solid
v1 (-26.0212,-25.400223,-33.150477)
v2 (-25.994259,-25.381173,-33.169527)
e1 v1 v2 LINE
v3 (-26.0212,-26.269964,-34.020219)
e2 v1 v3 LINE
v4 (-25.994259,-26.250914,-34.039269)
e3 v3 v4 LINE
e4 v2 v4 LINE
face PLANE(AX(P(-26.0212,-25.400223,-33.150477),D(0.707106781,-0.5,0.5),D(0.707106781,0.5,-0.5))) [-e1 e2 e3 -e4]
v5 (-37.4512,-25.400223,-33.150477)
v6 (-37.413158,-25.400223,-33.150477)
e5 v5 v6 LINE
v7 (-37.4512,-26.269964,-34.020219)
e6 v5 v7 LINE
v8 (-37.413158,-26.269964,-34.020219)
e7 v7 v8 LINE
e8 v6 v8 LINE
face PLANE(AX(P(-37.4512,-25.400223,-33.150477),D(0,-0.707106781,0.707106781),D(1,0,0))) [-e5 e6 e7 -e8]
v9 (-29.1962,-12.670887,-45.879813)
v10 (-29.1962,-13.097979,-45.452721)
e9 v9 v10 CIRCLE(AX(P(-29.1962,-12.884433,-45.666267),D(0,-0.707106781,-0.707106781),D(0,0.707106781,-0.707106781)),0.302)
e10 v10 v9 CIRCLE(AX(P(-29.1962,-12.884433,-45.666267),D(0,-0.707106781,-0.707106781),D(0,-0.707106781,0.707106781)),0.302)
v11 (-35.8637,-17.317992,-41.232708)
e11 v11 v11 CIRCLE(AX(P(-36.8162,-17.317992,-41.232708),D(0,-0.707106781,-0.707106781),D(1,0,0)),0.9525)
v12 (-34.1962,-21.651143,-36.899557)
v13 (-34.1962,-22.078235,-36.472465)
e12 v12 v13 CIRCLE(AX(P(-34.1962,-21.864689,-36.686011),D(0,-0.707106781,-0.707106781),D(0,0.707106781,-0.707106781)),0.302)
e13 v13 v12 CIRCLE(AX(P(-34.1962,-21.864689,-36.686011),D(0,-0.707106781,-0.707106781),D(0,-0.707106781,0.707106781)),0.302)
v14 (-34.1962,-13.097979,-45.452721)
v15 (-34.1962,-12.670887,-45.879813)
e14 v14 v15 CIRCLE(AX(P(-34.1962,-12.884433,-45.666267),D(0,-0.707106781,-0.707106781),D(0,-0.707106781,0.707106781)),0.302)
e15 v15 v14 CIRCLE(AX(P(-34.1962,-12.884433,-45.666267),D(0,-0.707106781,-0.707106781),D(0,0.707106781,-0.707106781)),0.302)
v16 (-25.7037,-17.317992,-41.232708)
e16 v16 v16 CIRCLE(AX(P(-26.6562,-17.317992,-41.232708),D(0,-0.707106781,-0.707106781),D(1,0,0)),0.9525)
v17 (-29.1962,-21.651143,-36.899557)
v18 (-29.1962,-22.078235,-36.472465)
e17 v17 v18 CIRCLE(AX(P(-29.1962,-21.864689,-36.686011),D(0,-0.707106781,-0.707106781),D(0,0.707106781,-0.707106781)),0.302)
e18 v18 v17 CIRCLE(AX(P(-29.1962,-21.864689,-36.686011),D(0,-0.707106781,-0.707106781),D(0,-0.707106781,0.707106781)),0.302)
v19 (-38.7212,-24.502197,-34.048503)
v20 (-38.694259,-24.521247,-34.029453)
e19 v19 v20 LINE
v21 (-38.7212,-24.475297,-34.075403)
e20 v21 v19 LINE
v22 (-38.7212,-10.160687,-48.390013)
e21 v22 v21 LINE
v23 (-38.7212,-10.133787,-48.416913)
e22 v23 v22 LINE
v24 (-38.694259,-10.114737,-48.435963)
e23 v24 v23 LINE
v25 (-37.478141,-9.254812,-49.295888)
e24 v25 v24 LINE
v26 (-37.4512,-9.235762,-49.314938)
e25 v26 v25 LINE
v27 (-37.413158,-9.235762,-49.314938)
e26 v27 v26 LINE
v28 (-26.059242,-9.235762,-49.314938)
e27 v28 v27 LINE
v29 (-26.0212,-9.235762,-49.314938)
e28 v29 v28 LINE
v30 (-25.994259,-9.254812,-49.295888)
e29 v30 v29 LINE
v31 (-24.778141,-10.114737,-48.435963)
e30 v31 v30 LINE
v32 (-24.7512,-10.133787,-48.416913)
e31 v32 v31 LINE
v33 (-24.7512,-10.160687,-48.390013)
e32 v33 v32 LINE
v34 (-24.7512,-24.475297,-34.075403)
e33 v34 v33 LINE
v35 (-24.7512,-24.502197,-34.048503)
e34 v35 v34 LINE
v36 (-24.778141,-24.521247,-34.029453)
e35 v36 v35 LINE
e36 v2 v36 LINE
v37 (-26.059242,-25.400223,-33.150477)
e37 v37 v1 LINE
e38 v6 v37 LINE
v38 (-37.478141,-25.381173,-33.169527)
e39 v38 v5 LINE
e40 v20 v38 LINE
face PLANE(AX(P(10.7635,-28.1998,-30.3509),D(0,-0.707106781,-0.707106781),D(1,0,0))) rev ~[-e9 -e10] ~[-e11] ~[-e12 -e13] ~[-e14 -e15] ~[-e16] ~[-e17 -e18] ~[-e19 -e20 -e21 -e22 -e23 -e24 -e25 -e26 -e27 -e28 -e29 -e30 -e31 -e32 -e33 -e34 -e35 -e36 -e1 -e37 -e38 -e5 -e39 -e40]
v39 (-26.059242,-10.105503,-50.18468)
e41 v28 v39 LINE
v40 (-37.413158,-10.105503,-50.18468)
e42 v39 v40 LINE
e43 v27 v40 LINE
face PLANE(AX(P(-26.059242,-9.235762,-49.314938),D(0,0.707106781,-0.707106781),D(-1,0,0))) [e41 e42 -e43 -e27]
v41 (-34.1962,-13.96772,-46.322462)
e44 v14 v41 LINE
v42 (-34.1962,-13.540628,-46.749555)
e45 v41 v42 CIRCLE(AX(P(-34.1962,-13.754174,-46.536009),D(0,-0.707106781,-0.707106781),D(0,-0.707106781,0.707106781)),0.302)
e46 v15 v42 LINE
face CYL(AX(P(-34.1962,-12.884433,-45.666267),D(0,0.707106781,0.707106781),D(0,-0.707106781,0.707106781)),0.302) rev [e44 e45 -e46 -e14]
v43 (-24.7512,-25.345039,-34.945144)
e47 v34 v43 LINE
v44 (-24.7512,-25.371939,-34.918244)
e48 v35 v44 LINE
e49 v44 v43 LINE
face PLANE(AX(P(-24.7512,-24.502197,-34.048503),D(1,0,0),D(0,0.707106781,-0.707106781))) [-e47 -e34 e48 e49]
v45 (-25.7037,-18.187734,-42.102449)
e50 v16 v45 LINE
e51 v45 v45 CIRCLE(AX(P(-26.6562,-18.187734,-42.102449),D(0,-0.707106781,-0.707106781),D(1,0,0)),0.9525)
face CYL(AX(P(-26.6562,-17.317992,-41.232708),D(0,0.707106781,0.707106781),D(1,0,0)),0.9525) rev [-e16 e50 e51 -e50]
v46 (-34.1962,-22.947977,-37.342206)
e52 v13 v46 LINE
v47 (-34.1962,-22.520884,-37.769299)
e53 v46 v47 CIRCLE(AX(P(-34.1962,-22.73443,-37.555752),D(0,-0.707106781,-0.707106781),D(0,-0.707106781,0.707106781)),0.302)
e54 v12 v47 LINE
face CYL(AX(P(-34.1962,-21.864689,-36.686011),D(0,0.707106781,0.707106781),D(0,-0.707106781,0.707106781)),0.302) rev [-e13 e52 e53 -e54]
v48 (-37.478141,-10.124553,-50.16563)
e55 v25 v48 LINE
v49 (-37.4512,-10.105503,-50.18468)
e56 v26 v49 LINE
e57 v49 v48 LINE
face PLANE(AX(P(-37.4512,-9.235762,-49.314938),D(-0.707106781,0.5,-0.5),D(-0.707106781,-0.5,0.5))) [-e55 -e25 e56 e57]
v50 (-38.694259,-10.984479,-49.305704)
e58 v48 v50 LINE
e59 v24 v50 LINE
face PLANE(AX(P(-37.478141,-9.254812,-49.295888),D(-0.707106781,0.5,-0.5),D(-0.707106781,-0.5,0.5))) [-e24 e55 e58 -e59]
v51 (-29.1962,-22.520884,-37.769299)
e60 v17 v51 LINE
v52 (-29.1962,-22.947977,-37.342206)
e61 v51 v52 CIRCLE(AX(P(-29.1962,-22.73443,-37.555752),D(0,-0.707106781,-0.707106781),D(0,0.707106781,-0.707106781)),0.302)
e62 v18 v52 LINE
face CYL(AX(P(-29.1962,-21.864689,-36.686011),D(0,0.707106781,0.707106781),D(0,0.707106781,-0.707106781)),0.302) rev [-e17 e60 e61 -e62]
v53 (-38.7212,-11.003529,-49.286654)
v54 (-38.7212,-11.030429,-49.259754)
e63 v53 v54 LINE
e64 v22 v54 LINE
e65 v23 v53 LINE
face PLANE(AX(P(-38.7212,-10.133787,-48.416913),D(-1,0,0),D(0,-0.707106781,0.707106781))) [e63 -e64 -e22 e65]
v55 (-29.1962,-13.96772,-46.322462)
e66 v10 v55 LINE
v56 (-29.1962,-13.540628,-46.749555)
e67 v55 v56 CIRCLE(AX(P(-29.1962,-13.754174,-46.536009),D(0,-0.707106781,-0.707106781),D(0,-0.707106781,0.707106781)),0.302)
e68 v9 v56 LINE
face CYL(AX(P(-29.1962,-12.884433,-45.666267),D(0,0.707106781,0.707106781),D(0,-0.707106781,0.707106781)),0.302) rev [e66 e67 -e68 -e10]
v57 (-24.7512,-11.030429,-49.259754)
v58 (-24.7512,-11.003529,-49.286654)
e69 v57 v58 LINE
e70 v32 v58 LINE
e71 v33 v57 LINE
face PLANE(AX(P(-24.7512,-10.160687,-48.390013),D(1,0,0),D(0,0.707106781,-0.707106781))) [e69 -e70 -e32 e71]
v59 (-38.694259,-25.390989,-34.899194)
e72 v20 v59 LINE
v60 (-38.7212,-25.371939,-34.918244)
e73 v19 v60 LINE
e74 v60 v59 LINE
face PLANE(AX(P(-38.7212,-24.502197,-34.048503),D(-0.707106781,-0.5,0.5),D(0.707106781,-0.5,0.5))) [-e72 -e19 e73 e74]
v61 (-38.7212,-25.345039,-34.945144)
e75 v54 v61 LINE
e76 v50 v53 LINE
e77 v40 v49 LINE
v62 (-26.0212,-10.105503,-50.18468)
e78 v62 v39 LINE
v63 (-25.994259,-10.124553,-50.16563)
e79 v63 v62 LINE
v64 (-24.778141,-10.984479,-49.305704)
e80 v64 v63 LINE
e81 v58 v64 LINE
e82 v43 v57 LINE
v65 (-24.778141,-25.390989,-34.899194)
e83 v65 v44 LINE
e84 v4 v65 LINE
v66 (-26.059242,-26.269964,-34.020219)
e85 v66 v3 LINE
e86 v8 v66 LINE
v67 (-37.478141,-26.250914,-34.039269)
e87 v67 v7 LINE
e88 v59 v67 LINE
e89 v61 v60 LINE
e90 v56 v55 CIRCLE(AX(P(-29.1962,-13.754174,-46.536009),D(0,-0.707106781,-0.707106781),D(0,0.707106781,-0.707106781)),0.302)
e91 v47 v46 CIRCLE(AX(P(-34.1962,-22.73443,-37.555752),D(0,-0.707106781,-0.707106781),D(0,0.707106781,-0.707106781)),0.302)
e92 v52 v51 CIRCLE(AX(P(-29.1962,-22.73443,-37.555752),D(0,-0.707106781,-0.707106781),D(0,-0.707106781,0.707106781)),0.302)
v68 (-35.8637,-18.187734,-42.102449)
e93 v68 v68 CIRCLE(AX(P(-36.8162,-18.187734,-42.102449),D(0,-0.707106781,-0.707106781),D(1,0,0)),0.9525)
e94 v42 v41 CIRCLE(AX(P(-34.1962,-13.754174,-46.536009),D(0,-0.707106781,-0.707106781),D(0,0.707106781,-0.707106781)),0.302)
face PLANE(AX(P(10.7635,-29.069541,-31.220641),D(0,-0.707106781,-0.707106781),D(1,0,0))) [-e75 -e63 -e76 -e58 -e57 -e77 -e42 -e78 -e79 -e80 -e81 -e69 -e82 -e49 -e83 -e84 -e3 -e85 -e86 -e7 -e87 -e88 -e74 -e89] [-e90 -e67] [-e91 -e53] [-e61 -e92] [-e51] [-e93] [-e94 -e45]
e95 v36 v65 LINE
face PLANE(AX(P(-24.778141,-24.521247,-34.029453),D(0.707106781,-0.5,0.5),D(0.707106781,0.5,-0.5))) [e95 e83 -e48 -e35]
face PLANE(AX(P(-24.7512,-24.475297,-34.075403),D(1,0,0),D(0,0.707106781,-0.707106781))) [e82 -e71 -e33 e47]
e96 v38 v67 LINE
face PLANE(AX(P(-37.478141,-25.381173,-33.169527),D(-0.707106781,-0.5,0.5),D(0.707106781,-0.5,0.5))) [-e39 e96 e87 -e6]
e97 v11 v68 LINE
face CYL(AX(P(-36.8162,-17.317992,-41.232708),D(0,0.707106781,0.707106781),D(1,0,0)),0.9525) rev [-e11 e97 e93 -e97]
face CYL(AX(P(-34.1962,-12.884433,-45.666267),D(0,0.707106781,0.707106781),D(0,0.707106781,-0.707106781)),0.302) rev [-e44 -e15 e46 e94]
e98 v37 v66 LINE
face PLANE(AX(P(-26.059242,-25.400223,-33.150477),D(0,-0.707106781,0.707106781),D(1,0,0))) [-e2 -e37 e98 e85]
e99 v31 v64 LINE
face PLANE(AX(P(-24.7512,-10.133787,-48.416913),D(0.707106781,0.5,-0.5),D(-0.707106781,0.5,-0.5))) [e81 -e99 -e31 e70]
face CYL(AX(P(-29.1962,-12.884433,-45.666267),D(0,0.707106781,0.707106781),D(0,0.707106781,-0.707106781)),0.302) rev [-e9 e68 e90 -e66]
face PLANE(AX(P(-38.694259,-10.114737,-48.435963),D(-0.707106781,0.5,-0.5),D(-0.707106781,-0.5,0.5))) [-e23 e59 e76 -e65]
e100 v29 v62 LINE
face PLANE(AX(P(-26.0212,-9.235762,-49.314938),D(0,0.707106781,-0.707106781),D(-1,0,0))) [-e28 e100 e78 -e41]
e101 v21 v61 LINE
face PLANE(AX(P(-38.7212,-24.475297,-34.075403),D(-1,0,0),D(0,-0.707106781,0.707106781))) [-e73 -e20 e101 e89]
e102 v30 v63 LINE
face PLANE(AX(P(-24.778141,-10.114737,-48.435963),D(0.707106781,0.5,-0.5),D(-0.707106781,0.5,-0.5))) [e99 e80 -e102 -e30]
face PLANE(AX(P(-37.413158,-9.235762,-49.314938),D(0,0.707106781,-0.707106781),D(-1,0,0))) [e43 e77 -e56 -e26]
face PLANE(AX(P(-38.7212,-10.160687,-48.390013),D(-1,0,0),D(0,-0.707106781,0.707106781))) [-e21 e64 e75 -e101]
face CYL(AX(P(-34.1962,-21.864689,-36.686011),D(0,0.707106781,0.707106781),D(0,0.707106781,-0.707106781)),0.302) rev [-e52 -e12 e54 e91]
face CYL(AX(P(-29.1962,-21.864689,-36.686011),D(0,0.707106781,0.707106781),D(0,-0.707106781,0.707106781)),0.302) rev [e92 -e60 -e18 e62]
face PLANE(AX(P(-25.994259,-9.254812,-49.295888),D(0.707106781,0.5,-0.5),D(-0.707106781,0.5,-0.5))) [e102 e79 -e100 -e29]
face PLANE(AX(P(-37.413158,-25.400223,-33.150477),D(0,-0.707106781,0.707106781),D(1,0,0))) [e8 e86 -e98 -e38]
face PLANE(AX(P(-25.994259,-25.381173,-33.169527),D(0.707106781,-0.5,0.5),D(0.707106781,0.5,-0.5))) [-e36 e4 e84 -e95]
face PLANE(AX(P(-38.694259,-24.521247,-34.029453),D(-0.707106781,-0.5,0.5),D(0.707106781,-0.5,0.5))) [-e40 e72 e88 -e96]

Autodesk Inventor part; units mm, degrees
ref_plane "Work Plane1" through (10.7635, -28.1998, -30.3509) normal (0, -0.7071, -0.7071) x (1, 0, 0)
sketch "Sketch1" plane through (10.7635, -28.1998, -30.3509) normal (0, -0.7071, -0.7071) x (1, 0, 0)
  line L0 (-49.4847, -25.5492) -> (-49.4847, -5.2292)
  arc A0 (-49.4466, -5.2292) -> (-49.5228, -5.2292) centre (-49.4847, -5.2292) ccw
  arc A1 (-49.5228, -25.5492) -> (-49.4466, -25.5492) centre (-49.4847, -25.5492) ccw
  line L1 (-49.4847, -5.2292) -> (-48.2147, -3.9592)
  arc A2 (-48.1878, -3.9861) -> (-48.2416, -3.9323) centre (-48.2147, -3.9592) ccw
  arc A3 (-49.5116, -5.2023) -> (-49.4578, -5.2561) centre (-49.4847, -5.2292) ccw
  line L2 (-48.2147, -3.9592) -> (-36.7847, -3.9592)
  arc A4 (-36.7847, -3.9973) -> (-36.7847, -3.9211) centre (-36.7847, -3.9592) ccw
  arc A5 (-48.2147, -3.9211) -> (-48.2147, -3.9973) centre (-48.2147, -3.9592) ccw
  line L3 (-36.7847, -3.9592) -> (-35.5147, -5.2292)
  arc A6 (-35.5416, -5.2561) -> (-35.4878, -5.2023) centre (-35.5147, -5.2292) ccw
  arc A7 (-36.7578, -3.9323) -> (-36.8116, -3.9861) centre (-36.7847, -3.9592) ccw
  line L4 (-35.5147, -5.2292) -> (-35.5147, -25.5492)
  arc A8 (-35.5528, -25.5492) -> (-35.4766, -25.5492) centre (-35.5147, -25.5492) ccw
  arc A9 (-35.4766, -5.2292) -> (-35.5528, -5.2292) centre (-35.5147, -5.2292) ccw
  line L5 (-35.5147, -25.5492) -> (-36.7847, -26.8192)
  arc A10 (-36.8116, -26.7923) -> (-36.7578, -26.8461) centre (-36.7847, -26.8192) ccw
  arc A11 (-35.4878, -25.5761) -> (-35.5416, -25.5223) centre (-35.5147, -25.5492) ccw
  line L6 (-36.7847, -26.8192) -> (-48.2147, -26.8192)
  arc A12 (-48.2147, -26.7811) -> (-48.2147, -26.8573) centre (-48.2147, -26.8192) ccw
  arc A13 (-36.7847, -26.8573) -> (-36.7847, -26.7811) centre (-36.7847, -26.8192) ccw
  line L7 (-48.2147, -26.8192) -> (-49.4847, -25.5492)
  arc A14 (-49.4578, -25.5223) -> (-49.5116, -25.5761) centre (-49.4847, -25.5492) ccw
  arc A15 (-48.2416, -26.8461) -> (-48.1878, -26.7923) centre (-48.2147, -26.8192) ccw
  circle A16 centre (-47.5797, -15.3892) radius 0.9525
  circle A17 centre (-37.4197, -15.3892) radius 0.9525
  arc A18 (-39.9597, -8.6572) -> (-39.9597, -9.2612) centre (-39.9597, -8.9592) ccw
  arc A19 (-39.9597, -9.2612) -> (-39.9597, -8.6572) centre (-39.9597, -8.9592) ccw
  arc A20 (-39.9597, -8.6572) -> (-39.9597, -9.2612) centre (-39.9597, -8.9592) ccw
  arc A21 (-39.9597, -9.2612) -> (-39.9597, -8.6572) centre (-39.9597, -8.9592) ccw
  arc A22 (-44.9597, -8.6572) -> (-44.9597, -9.2612) centre (-44.9597, -8.9592) ccw
  arc A23 (-44.9597, -9.2612) -> (-44.9597, -8.6572) centre (-44.9597, -8.9592) ccw
  arc A24 (-44.9597, -8.6572) -> (-44.9597, -9.2612) centre (-44.9597, -8.9592) ccw
  arc A25 (-44.9597, -9.2612) -> (-44.9597, -8.6572) centre (-44.9597, -8.9592) ccw
  arc A26 (-39.9597, -21.3572) -> (-39.9597, -21.9612) centre (-39.9597, -21.6592) ccw
  arc A27 (-39.9597, -21.9612) -> (-39.9597, -21.3572) centre (-39.9597, -21.6592) ccw
  arc A28 (-39.9597, -21.3572) -> (-39.9597, -21.9612) centre (-39.9597, -21.6592) ccw
  arc A29 (-39.9597, -21.9612) -> (-39.9597, -21.3572) centre (-39.9597, -21.6592) ccw
  arc A30 (-44.9597, -21.3572) -> (-44.9597, -21.9612) centre (-44.9597, -21.6592) ccw
  arc A31 (-44.9597, -21.9612) -> (-44.9597, -21.3572) centre (-44.9597, -21.6592) ccw
  arc A32 (-44.9597, -21.3572) -> (-44.9597, -21.9612) centre (-44.9597, -21.6592) ccw
  arc A33 (-44.9597, -21.9612) -> (-44.9597, -21.3572) centre (-44.9597, -21.6592) ccw
  point P0 (-39.9597, -21.9612)
  point P1 (-39.9597, -21.3572)
  point P2 (-39.9597, -9.2612)
  point P3 (-39.9597, -8.6572)
  point P4 (-48.2147, -26.8192)
  point P5 (-36.7847, -26.8192)
  point P6 (-35.5147, -25.5492)
  point P7 (-35.5147, -5.2292)
  point P8 (-36.7847, -3.9592)
  point P9 (-44.9597, -9.2612)
  point P10 (-44.9597, -8.6572)
  point P11 (-44.9597, -21.9612)
extrude "Extrusion1" add sketch "Sketch1" along normal blind 1.23 contours L0 L1 L2 L3 L4 L5 L6 L7
ref_plane "Work Plane2" through (-31.7362, -24.5021, -34.0485) normal (1, 0, 0) x (0, -0.7071, -0.7071)
ref_plane "Work Plane3" through (-26.0212, -17.3179, -41.2327) normal (0, 0.7071, -0.7071) x (-1, 0, 0)
ref_plane "Work Plane4" through (-37.4512, -10.1054, -50.1847) normal (0, 0, -1) x (1, 0, 0)
ref_plane "Work Plane5" through (-26.0212, -17.3179, -41.2327) normal (0, 0.7071, -0.7071) x (-1, 0, 0)
properties part number "Button Module"
